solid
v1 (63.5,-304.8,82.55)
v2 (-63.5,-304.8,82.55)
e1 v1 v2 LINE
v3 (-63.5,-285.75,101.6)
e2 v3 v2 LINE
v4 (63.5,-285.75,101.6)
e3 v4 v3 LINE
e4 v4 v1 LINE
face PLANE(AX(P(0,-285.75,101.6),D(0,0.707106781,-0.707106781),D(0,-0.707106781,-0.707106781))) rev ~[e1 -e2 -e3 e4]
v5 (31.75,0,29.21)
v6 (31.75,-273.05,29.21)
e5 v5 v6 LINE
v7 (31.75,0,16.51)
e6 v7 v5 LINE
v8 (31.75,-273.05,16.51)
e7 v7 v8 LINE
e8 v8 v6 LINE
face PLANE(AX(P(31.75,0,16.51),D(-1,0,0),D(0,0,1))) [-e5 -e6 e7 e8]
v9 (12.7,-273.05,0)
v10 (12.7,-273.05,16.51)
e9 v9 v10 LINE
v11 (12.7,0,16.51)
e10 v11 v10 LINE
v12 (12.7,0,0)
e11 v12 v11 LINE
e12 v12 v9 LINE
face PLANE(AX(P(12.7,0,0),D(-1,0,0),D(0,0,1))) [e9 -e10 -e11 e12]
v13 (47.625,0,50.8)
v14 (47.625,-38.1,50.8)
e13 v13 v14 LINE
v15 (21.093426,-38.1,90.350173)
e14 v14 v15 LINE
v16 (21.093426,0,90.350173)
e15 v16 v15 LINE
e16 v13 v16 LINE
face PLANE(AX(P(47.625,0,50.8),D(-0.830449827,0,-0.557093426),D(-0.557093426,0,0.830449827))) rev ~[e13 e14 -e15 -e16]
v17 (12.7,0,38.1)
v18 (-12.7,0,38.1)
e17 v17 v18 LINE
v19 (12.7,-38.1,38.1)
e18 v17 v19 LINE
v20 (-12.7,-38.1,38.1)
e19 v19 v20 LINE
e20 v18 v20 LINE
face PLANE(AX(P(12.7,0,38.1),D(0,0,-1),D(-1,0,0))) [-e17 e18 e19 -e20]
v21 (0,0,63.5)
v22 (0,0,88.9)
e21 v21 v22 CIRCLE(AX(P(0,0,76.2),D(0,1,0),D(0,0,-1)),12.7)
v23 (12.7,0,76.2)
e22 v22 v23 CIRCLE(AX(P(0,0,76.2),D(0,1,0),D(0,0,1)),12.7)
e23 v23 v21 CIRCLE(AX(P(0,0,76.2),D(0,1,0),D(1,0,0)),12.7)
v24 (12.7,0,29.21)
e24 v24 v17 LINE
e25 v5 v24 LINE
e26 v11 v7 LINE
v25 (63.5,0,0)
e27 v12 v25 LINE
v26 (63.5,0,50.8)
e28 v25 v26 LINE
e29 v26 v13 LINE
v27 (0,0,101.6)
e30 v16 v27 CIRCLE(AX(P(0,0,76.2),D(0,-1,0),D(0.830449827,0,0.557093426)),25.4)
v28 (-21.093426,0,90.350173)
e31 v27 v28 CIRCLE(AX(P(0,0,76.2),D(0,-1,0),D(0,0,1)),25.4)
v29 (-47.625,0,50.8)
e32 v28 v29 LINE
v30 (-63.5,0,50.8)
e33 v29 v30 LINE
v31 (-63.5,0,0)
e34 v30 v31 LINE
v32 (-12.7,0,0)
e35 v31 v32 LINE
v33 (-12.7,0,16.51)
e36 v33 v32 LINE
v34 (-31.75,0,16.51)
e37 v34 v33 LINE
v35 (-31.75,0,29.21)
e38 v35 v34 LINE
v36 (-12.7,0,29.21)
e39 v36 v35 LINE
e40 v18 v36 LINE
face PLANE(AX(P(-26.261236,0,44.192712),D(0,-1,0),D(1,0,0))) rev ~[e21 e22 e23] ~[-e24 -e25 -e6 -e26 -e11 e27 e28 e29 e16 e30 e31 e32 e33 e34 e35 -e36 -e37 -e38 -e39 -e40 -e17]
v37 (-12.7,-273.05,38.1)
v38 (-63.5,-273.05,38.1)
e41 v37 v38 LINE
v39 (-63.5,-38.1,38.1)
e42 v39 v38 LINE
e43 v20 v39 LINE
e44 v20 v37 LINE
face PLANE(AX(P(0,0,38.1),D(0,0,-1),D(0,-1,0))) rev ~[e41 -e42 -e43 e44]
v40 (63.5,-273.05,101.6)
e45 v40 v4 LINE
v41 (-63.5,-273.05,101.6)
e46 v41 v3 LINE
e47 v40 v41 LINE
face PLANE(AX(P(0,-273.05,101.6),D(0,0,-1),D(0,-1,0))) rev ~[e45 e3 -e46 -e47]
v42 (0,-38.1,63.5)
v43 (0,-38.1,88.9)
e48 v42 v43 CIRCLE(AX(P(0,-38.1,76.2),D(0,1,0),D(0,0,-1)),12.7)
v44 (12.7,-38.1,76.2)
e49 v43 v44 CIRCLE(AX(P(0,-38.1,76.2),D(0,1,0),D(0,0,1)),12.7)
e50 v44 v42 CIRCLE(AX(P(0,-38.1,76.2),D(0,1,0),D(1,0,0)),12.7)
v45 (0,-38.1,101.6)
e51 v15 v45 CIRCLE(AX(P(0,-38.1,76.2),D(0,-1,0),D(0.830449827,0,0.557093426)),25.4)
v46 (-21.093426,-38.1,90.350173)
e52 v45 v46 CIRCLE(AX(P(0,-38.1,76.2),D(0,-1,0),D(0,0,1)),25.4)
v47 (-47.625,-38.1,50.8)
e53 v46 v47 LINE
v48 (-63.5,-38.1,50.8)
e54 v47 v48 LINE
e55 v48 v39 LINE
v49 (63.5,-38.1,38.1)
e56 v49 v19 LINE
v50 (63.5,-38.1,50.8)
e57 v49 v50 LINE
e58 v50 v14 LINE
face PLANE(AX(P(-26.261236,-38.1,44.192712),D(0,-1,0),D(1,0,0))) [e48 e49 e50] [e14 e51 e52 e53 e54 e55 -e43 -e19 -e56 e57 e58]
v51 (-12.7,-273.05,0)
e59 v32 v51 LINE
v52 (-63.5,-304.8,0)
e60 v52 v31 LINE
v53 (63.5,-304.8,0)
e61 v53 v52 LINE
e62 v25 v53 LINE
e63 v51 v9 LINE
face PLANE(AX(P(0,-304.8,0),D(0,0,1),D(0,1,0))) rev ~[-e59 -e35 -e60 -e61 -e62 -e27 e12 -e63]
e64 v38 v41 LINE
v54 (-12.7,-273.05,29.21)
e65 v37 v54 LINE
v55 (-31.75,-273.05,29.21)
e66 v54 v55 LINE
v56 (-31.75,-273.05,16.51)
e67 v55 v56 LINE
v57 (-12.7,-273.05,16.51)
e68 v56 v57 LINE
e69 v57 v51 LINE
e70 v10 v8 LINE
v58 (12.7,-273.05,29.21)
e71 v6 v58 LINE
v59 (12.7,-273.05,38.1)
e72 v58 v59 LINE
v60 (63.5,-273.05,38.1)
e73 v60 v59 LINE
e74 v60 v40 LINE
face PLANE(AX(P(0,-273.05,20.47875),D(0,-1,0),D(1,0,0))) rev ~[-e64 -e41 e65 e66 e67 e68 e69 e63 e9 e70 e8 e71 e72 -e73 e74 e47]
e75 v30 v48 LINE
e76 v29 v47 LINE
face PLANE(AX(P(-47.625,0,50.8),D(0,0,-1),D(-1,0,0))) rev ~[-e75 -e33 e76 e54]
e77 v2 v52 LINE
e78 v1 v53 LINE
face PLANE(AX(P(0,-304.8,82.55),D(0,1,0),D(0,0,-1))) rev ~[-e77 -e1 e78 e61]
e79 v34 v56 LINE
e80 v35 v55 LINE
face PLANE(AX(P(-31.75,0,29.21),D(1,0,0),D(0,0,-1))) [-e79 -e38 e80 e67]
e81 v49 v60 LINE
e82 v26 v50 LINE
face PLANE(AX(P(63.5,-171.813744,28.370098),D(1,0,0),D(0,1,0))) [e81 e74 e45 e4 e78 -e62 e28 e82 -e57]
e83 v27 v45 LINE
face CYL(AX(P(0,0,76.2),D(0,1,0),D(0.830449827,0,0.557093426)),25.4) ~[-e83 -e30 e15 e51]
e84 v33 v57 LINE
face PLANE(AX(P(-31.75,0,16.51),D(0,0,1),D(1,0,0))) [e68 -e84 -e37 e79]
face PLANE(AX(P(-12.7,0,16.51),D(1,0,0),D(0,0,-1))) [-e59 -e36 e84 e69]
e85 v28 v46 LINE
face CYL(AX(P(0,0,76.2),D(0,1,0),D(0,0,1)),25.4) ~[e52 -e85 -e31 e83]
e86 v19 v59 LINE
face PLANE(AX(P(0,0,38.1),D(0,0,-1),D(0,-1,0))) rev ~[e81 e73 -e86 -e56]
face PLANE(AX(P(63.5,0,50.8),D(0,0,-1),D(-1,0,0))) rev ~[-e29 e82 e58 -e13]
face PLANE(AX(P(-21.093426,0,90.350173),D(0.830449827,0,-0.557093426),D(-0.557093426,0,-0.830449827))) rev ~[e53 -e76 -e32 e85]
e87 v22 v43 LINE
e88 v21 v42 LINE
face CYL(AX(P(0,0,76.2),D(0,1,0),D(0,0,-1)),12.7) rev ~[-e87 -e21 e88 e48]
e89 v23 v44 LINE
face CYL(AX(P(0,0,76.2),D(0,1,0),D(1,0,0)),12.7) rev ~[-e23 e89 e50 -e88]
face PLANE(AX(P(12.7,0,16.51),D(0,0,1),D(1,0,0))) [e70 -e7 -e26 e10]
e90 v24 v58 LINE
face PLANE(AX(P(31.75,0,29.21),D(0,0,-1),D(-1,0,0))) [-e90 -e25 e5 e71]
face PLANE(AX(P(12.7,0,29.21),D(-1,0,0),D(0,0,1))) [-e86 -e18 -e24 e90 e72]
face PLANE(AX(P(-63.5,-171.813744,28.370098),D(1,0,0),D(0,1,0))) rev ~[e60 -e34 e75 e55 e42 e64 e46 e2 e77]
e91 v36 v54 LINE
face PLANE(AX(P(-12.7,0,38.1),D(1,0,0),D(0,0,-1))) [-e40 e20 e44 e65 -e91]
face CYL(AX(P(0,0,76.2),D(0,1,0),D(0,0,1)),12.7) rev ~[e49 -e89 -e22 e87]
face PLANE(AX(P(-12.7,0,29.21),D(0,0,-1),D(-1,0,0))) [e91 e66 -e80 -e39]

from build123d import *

# Parameters (mm, degrees)
F1_DEPTH      = 38.1
F3_DEPTH      = 63.5
F3_DEPTH_BACK = 63.5
F5_DEPTH      = 273.05


with BuildPart() as f1:
    # F0 (on Front) → F1 (new body)
    with BuildSketch(Plane.XZ):
        with BuildLine():
            Line((-63.5, 50.8), (-63.5, 0))
            Line((-63.5, 0), (0, 0))
            Line((0, 0), (0, 63.5))
            ThreePointArc((0, 63.5), (-12.7, 76.2), (0, 88.9))
            Line((0, 88.9), (0, 101.6))
            ThreePointArc((0, 101.6), (-11.9529411765, 98.6117647059), (-21.0934256055, 90.3501730104))
            Line((-21.0934256055, 90.3501730104), (-47.625, 50.8))
            Line((-47.625, 50.8), (-63.5, 50.8))
        make_face()
        with BuildLine():
            Line((0, 63.5), (0, 0))
            Line((0, 0), (63.5, 0))
            Line((63.5, 0), (63.5, 50.8))
            Line((63.5, 50.8), (47.625, 50.8))
            Line((47.625, 50.8), (21.0934256055, 90.3501730104))
            ThreePointArc((21.0934256055, 90.3501730104), (11.9529411765, 98.6117647059), (0, 101.6))
            Line((0, 101.6), (0, 88.9))
            ThreePointArc((0, 88.9), (8.9802561211, 85.1802561211), (12.7, 76.2))
            ThreePointArc((12.7, 76.2), (8.9802561211, 67.2197438789), (0, 63.5))
        make_face()
    extrude(amount=F1_DEPTH)

    # F2 (on Right) → F3 (join, two sides)
    with BuildSketch(Plane.YZ) as f3_sk:
        Polygon((-304.8, 0), (0, 0), (0, 38.1), (-273.05, 38.1), (-273.05, 101.6), (-285.75, 101.6), (-304.8, 82.55), align=None)
    extrude(amount=-F3_DEPTH)
    extrude(f3_sk.sketch, amount=F3_DEPTH_BACK)

    # F4 (on Front) → F5 (cut)
    with BuildSketch(Plane.XZ):
        Polygon((-12.7, 16.51), (-12.7, 0), (12.7, 0), (12.7, 16.51), (31.75, 16.51), (31.75, 29.21), (12.7, 29.21), (12.7, 38.1), (-12.7, 38.1), (-12.7, 29.21), (-31.75, 29.21), (-31.75, 16.51), align=None)
    extrude(amount=F5_DEPTH, mode=Mode.SUBTRACT)


solid = f1.part
